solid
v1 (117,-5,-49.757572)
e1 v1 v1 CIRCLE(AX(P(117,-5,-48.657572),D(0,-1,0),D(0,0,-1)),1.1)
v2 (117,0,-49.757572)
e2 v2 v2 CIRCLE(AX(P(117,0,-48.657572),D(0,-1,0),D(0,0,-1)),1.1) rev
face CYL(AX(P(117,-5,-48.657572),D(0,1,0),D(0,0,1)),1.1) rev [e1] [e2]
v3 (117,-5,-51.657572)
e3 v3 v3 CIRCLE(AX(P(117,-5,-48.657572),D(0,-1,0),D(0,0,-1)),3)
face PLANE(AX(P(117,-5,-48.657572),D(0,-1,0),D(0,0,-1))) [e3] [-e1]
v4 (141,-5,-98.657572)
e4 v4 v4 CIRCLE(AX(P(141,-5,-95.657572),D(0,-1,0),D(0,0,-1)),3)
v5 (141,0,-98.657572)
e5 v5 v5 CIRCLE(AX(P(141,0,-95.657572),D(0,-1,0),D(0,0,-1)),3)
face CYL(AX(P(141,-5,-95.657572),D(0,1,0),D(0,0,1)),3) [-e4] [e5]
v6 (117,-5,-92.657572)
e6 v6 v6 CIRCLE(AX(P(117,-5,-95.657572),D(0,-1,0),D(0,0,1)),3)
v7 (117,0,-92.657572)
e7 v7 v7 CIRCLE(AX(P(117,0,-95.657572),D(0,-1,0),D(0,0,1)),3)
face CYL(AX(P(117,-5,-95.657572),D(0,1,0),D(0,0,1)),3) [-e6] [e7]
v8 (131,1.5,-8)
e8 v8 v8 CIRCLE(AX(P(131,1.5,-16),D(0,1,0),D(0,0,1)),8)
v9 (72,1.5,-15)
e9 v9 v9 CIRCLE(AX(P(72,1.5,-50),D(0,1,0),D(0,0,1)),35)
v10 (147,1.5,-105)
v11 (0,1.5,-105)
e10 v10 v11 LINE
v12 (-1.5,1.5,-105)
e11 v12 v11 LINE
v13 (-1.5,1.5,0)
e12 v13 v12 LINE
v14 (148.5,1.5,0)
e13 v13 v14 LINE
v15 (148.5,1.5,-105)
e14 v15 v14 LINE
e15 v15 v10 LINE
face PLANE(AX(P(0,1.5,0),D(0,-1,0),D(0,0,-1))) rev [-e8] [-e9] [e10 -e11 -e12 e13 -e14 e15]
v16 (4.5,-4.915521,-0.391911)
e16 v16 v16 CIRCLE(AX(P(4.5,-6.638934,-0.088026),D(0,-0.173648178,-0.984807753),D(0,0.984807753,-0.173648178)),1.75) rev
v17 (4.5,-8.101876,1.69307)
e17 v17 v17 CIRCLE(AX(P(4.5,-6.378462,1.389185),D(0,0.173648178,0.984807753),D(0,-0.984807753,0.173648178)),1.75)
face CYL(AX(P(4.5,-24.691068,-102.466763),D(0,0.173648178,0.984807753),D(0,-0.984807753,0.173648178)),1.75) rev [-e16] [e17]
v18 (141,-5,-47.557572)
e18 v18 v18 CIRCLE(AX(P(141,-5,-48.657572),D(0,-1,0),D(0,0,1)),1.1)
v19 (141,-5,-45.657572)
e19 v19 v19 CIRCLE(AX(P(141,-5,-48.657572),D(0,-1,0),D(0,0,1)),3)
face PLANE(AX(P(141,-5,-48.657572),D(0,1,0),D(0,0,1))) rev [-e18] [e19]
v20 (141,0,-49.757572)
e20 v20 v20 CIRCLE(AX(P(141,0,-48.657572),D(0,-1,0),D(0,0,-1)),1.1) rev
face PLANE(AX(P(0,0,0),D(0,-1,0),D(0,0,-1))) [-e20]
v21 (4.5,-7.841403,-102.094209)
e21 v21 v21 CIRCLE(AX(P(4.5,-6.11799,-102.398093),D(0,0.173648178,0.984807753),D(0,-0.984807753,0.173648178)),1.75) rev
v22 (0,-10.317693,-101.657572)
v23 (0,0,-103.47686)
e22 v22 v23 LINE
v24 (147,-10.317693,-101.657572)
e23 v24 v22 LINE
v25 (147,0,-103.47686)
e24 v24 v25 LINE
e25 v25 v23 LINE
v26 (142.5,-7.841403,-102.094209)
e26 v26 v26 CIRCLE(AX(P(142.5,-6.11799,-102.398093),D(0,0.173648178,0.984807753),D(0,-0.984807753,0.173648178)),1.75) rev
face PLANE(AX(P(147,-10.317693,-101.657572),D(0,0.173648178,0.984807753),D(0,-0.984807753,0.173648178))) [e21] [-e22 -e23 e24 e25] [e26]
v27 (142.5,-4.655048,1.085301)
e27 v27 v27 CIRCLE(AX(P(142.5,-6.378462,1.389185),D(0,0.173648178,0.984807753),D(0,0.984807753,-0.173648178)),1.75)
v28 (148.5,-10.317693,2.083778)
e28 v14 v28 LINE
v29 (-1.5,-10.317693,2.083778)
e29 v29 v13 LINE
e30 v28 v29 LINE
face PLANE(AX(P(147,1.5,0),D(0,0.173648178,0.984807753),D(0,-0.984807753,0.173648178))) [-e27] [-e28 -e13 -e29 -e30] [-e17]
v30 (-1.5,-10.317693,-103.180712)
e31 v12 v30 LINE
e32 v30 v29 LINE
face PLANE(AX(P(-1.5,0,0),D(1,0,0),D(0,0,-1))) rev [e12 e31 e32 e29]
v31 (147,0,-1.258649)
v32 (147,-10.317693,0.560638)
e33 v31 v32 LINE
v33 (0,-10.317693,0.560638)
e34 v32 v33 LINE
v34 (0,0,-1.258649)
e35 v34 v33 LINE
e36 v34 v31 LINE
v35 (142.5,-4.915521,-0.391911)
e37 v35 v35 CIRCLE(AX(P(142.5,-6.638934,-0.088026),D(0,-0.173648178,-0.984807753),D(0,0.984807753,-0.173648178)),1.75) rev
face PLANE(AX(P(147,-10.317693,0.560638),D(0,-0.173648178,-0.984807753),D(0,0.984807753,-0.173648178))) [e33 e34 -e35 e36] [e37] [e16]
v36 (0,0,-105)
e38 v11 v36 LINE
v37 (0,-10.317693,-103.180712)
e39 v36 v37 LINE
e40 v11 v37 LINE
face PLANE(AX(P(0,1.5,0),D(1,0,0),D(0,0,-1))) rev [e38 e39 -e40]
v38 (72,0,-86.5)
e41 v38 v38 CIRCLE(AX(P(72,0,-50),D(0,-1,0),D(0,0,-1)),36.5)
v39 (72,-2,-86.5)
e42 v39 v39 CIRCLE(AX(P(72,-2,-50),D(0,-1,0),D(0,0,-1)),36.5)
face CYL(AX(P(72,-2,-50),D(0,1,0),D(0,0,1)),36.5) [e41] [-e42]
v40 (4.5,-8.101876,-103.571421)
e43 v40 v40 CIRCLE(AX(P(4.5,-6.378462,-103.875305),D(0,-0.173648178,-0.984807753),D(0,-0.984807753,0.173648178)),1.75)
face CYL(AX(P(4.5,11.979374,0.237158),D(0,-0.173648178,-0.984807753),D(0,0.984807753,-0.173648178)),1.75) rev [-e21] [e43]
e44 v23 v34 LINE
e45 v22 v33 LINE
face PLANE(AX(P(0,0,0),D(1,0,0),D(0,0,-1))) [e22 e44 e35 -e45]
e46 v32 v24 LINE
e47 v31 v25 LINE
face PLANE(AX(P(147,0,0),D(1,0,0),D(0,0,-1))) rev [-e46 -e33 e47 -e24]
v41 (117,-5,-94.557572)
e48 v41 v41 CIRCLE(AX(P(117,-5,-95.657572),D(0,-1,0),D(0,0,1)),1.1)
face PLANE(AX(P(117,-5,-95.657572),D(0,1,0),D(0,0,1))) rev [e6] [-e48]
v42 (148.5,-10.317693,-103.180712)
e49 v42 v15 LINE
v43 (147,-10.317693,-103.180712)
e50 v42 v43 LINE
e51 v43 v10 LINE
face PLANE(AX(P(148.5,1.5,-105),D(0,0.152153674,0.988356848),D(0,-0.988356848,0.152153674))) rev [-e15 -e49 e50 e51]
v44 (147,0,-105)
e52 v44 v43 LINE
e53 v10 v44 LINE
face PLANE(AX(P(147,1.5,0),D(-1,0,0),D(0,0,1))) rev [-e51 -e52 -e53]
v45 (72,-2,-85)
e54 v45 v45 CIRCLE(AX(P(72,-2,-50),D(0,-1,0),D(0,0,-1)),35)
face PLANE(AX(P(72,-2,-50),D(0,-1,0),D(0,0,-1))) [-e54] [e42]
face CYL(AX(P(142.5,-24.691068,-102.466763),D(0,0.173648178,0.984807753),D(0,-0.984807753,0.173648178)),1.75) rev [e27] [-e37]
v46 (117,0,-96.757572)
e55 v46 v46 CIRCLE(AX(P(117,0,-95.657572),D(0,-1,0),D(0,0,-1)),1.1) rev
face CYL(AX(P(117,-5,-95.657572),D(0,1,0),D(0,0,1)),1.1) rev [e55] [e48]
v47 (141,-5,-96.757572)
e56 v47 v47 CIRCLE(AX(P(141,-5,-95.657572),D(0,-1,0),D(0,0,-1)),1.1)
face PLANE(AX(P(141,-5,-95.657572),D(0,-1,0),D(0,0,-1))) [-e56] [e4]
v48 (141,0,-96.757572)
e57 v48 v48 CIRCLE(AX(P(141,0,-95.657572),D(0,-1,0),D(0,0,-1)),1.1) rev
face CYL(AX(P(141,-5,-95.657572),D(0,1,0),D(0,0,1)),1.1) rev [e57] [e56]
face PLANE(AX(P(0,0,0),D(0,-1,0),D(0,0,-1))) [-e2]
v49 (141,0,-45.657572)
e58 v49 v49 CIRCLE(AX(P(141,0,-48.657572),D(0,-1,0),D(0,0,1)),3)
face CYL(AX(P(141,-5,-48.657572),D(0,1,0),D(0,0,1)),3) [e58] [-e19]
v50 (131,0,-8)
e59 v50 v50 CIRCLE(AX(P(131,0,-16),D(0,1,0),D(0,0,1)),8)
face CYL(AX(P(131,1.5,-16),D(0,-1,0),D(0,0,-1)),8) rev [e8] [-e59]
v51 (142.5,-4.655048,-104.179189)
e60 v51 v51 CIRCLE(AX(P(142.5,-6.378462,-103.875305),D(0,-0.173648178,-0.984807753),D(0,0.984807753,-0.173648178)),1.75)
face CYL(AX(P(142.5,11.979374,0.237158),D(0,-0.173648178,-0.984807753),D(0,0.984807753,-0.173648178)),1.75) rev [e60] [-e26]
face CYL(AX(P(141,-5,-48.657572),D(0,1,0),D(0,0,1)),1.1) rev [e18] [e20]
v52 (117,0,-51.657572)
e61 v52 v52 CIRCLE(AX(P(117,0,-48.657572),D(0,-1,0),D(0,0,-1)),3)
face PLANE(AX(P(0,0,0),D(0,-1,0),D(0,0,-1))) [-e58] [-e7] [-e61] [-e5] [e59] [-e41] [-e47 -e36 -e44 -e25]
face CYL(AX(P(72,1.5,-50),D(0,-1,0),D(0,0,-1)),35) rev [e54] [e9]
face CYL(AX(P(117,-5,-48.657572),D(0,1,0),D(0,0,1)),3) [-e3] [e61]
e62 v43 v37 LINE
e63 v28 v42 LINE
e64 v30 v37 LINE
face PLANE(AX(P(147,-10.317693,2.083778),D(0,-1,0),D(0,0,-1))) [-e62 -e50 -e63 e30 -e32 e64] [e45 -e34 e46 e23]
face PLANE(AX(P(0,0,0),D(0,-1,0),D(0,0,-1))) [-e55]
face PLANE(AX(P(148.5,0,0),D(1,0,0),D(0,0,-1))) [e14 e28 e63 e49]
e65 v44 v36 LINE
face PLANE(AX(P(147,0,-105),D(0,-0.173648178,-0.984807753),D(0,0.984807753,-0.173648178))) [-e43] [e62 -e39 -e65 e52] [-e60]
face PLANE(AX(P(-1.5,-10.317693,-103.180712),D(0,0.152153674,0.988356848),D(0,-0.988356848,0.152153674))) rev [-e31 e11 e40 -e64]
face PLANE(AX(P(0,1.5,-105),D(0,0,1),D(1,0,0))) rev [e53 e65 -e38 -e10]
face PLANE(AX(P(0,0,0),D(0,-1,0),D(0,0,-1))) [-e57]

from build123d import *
from build123d.topology import SkipClean

# Parameters (mm, degrees)
SKETCH_1_W          = 147
SKETCH_1_H          = 105
SKETCH_1_R          = 35
SKETCH_1_R_2        = 8
EXTRUDE_1_DEPTH     = 1.5
EXTRUDE_2_DEPTH     = 147
EXTRUDE_3_DEPTH     = 1.5
EXTRUDE_4_DEPTH     = 1.5
SKETCH_5_R          = 3
SKETCH_5_R_2        = 1.1
EXTRUDE_5_DEPTH     = 5
CUT_EXTRUDE_1_REACH = 184.29
SKETCH_6_R          = 1.75
CUT_EXTRUDE_2_REACH = 184.314
SKETCH_7_R          = 1.75
EXTRUDE_START       = 2
SKETCH_8_R          = 36.5
SKETCH_8_R_2        = 35
EXTRUDE_6_DEPTH     = 2


with BuildPart() as part:
    # 草图1 → 凸台-拉伸1 (new body)
    with BuildSketch(Plane(origin=(0, 0, 0), x_dir=(1, 0, 0), z_dir=(0, 1, 0))):
        with Locations((73.5, 52.5)):
            Rectangle(SKETCH_1_W, SKETCH_1_H)
        with Locations(Location((72, 50, 0), (0, 0, 270))):
            Circle(SKETCH_1_R, mode=Mode.SUBTRACT)
        with Locations(Location((131, 16, 0), (0, 0, 270))):
            Circle(SKETCH_1_R_2, mode=Mode.SUBTRACT)
    extrude(amount=EXTRUDE_1_DEPTH)

    # 草图2 → 凸台-拉伸2 (add)
    with BuildSketch(Plane.ZY):
        Polygon((0, 1.5), (2.083778132, -10.317693036), (0.560638214, -10.317693036), (-1.523139918, 1.5), align=None)
        Polygon((-105, 0), (-103.180712339, -10.317693036), (-101.657572421, -10.317693036), (-103.741350553, 1.5), align=None)
    extrude(amount=-EXTRUDE_2_DEPTH)

    # 草图3 → 凸台-拉伸3 (add)
    with BuildSketch(Plane(origin=(147, 0, 0), x_dir=(0, 0, -1), z_dir=(1, 0, 0))):
        Polygon((-2.083778132, -10.317693036), (0, 1.5), (105, 1.5), (103.180712339, -10.317693036), align=None)
    extrude(amount=EXTRUDE_3_DEPTH)

    # 草图4 → 凸台-拉伸4 (add)
    with BuildSketch(Plane.ZY):
        Polygon((-103.180712339, -10.317693036), (-105, 1.5), (0, 1.5), (2.083778132, -10.317693036), align=None)
    extrude(amount=EXTRUDE_4_DEPTH)

    # 草图5 → 凸台-拉伸5 (add)
    # profile 1 of 4: a face of its own
    with BuildSketch(Plane.XZ):
        with Locations(Location((141, -95.657572421, 0), (0, 0, 270))):
            Circle(SKETCH_5_R)
        with Locations(Location((141, -95.657572421, 0), (0, 0, 270))):
            Circle(SKETCH_5_R_2, mode=Mode.SUBTRACT)
    # profile 2 of 4: a face of its own
    with BuildSketch(Plane.XZ):
        with Locations(Location((117, -95.657572421, 0), (0, 0, 90))):
            Circle(SKETCH_5_R)
        with Locations(Location((117, -95.657572421, 0), (0, 0, 90))):
            Circle(SKETCH_5_R_2, mode=Mode.SUBTRACT)
    # profile 3 of 4: a face of its own
    with BuildSketch(Plane.XZ):
        with Locations(Location((117, -48.657572421, 0), (0, 0, 270))):
            Circle(SKETCH_5_R)
        with Locations(Location((117, -48.657572421, 0), (0, 0, 270))):
            Circle(SKETCH_5_R_2, mode=Mode.SUBTRACT)
    # profile 4 of 4: a face of its own
    with BuildSketch(Plane.XZ):
        with Locations(Location((141, -48.657572421, 0), (0, 0, 90))):
            Circle(SKETCH_5_R)
        with Locations(Location((141, -48.657572421, 0), (0, 0, 90))):
            Circle(SKETCH_5_R_2, mode=Mode.SUBTRACT)
    extrude(amount=EXTRUDE_5_DEPTH)

    # 草图6 → 切除-拉伸1 (cut, up to next)
    with BuildSketch(Plane(origin=(0, -17.956057525, -101.833862591), x_dir=(-1, 0, 0), z_dir=(0, -0.17364817766692459, -0.9848077530122091)), mode=Mode.PRIVATE) as cut_extrude_1_sk1:
        with Locations(Location((-142.5, 11.756198573, 0), (0, 0, 90))):
            Circle(SKETCH_6_R)
    cut_extrude_1_tool1 = extrude(cut_extrude_1_sk1.sketch, amount=-CUT_EXTRUDE_1_REACH, mode=Mode.PRIVATE) & part.part
    # 草图6 → 切除-拉伸1 (cut, up to next)
    with BuildSketch(Plane(origin=(0, -17.956057525, -101.833862591), x_dir=(-1, 0, 0), z_dir=(0, -0.17364817766692459, -0.9848077530122091)), mode=Mode.PRIVATE) as cut_extrude_1_sk2:
        with Locations(Location((-4.5, 11.756198573, 0), (0, 0, 270))):
            Circle(SKETCH_6_R)
    cut_extrude_1_tool2 = extrude(cut_extrude_1_sk2.sketch, amount=-CUT_EXTRUDE_1_REACH, mode=Mode.PRIVATE) & part.part
    add(cut_extrude_1_tool1.solids().sort_by_distance((142.5, -6.378462, -103.875305))[0], mode=Mode.SUBTRACT)
    add(cut_extrude_1_tool2.solids().sort_by_distance((4.5, -6.378462, -103.875305))[0], mode=Mode.SUBTRACT)

    # 草图7 → 切除-拉伸2 (cut, up to next)
    with BuildSketch(Plane(origin=(0, 0.045230534, 0.256515107), x_dir=(1, 0, 0), z_dir=(0, 0.1736481776669238, 0.9848077530122094)), mode=Mode.PRIVATE) as cut_extrude_2_sk1:
        with Locations(Location((4.5, -6.52278837, 0), (0, 0, 270))):
            Circle(SKETCH_7_R)
    cut_extrude_2_tool1 = extrude(cut_extrude_2_sk1.sketch, amount=-CUT_EXTRUDE_2_REACH, mode=Mode.PRIVATE) & part.part
    # 草图7 → 切除-拉伸2 (cut, up to next)
    with BuildSketch(Plane(origin=(0, 0.045230534, 0.256515107), x_dir=(1, 0, 0), z_dir=(0, 0.1736481776669238, 0.9848077530122094)), mode=Mode.PRIVATE) as cut_extrude_2_sk2:
        with Locations(Location((142.5, -6.52278837, 0), (0, 0, 90))):
            Circle(SKETCH_7_R)
    cut_extrude_2_tool2 = extrude(cut_extrude_2_sk2.sketch, amount=-CUT_EXTRUDE_2_REACH, mode=Mode.PRIVATE) & part.part
    add(cut_extrude_2_tool1.solids().sort_by_distance((4.5, -6.378462, 1.389185))[0], mode=Mode.SUBTRACT)
    add(cut_extrude_2_tool2.solids().sort_by_distance((142.5, -6.378462, 1.389185))[0], mode=Mode.SUBTRACT)

    # 草图8 → 凸台-拉伸6 (add)
    with SkipClean():  # the faces are left unmerged after this step: merging them gives an invalid solid
        with BuildSketch(Plane.XZ.offset(EXTRUDE_START)):
            with Locations(Location((72, -50, 0), (0, 0, 270))):
                Circle(SKETCH_8_R)
            with Locations(Location((72, -50, 0), (0, 0, 270))):
                Circle(SKETCH_8_R_2, mode=Mode.SUBTRACT)
        extrude(amount=-EXTRUDE_6_DEPTH)


solid = part.part
